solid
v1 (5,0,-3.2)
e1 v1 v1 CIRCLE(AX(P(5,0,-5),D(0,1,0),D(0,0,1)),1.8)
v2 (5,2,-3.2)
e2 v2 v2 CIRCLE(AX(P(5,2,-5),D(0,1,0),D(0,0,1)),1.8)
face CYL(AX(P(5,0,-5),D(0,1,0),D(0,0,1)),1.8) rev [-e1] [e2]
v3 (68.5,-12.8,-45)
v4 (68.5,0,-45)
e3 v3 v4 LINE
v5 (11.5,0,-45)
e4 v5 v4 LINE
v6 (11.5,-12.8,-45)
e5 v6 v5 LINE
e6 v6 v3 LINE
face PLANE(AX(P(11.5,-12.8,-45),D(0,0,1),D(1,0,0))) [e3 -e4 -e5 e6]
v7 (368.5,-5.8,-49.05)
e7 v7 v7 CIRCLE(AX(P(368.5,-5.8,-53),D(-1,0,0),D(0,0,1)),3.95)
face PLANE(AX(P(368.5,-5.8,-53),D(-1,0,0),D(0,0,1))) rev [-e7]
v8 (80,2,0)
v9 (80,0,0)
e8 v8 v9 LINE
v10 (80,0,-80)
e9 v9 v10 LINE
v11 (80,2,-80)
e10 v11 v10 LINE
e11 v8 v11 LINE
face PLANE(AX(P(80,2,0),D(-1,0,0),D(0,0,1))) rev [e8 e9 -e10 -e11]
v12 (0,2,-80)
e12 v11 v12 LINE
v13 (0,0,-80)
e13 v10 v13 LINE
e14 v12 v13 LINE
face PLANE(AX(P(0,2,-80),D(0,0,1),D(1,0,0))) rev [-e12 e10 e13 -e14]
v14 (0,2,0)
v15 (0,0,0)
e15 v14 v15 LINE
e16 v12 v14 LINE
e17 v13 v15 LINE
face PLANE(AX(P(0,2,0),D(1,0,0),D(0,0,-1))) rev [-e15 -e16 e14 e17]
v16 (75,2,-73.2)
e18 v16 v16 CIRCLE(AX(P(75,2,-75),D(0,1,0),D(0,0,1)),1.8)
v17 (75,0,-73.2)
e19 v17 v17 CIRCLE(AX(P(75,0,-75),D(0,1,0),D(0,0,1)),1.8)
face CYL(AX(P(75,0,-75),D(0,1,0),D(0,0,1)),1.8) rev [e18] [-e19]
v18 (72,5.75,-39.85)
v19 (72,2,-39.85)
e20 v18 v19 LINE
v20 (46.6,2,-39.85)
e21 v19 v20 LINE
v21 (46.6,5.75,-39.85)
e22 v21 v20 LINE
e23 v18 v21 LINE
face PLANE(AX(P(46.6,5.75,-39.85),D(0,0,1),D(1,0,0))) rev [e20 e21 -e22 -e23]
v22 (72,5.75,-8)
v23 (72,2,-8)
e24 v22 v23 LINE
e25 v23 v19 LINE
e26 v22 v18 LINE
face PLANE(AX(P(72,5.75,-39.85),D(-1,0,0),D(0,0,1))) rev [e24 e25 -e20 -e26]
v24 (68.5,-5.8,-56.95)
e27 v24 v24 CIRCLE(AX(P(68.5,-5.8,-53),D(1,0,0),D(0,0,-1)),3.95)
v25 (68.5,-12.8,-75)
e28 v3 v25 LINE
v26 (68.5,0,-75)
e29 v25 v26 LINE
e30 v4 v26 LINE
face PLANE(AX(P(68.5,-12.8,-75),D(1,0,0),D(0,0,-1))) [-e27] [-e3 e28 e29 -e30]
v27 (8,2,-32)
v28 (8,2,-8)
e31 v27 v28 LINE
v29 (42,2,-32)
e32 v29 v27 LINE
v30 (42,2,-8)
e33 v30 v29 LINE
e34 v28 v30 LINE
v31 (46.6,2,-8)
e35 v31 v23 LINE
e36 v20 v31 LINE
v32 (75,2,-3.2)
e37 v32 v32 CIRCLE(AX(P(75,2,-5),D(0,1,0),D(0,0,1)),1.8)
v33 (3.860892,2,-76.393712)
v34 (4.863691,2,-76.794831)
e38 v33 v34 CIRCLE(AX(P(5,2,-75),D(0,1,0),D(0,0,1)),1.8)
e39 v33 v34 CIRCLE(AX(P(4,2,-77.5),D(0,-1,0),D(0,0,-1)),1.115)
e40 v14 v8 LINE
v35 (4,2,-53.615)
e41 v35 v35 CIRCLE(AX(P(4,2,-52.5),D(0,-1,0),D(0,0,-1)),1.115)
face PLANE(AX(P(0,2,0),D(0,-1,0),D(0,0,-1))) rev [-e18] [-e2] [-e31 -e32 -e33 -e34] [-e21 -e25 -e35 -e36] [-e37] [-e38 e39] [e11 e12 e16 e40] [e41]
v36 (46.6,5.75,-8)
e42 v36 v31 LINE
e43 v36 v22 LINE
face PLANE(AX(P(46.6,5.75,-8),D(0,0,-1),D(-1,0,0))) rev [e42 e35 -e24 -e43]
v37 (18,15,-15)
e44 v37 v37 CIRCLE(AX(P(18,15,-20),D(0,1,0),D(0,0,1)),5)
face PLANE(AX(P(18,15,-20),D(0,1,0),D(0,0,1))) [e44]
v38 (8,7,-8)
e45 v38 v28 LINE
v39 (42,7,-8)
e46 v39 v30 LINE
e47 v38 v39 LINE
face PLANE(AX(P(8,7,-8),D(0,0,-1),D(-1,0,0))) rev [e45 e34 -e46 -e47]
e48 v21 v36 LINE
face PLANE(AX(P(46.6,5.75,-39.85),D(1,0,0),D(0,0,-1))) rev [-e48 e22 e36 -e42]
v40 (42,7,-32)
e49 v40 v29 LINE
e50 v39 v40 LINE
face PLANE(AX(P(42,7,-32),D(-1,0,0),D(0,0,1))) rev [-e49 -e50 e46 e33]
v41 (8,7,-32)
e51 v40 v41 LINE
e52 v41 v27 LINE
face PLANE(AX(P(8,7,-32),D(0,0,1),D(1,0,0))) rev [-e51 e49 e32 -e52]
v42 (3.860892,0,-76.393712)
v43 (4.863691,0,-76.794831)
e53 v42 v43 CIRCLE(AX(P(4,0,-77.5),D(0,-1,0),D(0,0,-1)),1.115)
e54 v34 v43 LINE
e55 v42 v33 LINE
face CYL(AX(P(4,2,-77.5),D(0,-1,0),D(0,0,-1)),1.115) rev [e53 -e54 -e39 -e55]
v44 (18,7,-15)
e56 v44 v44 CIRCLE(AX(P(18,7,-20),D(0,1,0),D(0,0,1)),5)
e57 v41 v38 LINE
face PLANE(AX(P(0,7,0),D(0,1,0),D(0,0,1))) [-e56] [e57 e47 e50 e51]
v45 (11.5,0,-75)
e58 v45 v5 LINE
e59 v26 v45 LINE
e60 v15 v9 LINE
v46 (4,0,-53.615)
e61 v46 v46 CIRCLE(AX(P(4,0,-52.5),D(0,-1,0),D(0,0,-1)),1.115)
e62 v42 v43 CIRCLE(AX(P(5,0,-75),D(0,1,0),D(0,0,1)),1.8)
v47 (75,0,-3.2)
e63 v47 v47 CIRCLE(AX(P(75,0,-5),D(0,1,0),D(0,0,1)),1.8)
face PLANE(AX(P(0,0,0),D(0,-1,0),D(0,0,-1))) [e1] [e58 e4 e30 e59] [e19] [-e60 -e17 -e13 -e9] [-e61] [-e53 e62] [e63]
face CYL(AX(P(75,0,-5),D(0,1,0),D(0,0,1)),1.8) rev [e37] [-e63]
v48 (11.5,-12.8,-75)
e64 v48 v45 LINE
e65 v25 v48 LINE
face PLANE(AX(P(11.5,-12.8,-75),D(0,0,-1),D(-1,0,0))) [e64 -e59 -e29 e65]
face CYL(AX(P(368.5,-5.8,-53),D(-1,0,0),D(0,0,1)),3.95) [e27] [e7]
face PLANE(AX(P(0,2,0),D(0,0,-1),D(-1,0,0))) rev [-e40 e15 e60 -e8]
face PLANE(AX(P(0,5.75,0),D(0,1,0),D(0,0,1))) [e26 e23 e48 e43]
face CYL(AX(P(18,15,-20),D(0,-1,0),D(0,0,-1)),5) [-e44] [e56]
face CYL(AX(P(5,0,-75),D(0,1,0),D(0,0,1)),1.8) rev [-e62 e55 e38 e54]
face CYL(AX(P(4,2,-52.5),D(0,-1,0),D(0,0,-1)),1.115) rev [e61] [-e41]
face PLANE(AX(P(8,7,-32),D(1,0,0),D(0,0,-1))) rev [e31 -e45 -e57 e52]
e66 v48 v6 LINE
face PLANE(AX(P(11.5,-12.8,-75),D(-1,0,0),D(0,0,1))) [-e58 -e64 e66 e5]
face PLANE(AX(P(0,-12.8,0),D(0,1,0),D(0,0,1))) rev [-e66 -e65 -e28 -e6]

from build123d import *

# Parameters (mm, degrees)
SKETCH1_W                  = 80
SKETCH1_H                  = 80
PCB_DEPTH                  = 2
SKETCH2_R                  = 1.8
ATTACHMENT_HOLES_DEPTH     = 3
LPATTERN1_COUNT            = 2
LPATTERN1_PITCH            = 70
LPATTERN1_COUNT_DIR2       = 2
LPATTERN1_PITCH_DIR2       = 70
SKETCH3_W                  = 57
SKETCH3_H                  = 30
COMMS_CHIP_DEPTH           = 12.8
SKETCH4_R                  = 1.115
COMM_CHIP_ATTACHMENT_DEPTH = 15.8
LPATTERN2_COUNT            = 2
LPATTERN2_PITCH            = 25
SKETCH5_W                  = 34
SKETCH5_H                  = 24
ARDUCAMMINI_DEPTH          = 5
SKETCH8_R                  = 5
LENS_APPROXIMATE_DEPTH     = 8
SKETCH6_W                  = 25.4
SKETCH6_H                  = 31.85
SD_CARD_DEPTH              = 3.75
SKETCH7_R                  = 3.95
ANTENNA_DEPTH              = 300


with BuildPart() as part:
    # Sketch1 → PCB (new body)
    with BuildSketch(Plane(origin=(0, 0, 0), x_dir=(1, 0, 0), z_dir=(0, 1, 0))):
        with Locations((40, 40)):
            Rectangle(SKETCH1_W, SKETCH1_H)
    extrude(amount=PCB_DEPTH)

    # Sketch2 → Attachment Holes (cut, through all)
    with BuildSketch(Plane(origin=(0, 2, 0), x_dir=(1, 0, 0), z_dir=(0, 1, 0))):
        with Locations((5, 75)):
            Circle(SKETCH2_R)
    attachment_holes = extrude(amount=-ATTACHMENT_HOLES_DEPTH, mode=Mode.SUBTRACT)

    # LPattern1: Attachment Holes 2 × 2
    with Locations(*[(i * LPATTERN1_PITCH, 0, j * LPATTERN1_PITCH_DIR2) for i in range(LPATTERN1_COUNT) for j in range(LPATTERN1_COUNT_DIR2) if (i, j) != (0, 0)]):
        add(attachment_holes, mode=Mode.SUBTRACT)

    # Sketch3 → Comms Chip (add)
    with BuildSketch(Plane(origin=(0, 0, 0), x_dir=(1, 0, 0), z_dir=(0, 1, 0))):
        with Locations((40, 60)):
            Rectangle(SKETCH3_W, SKETCH3_H)
    extrude(amount=-COMMS_CHIP_DEPTH)

    # Sketch4 → Comm chip attachment (cut, through all)
    with BuildSketch(Plane(origin=(0, -12.8, 0), x_dir=(-1, 0, 0), z_dir=(0, -1, 0))):
        with Locations((-4, 77.5)):
            Circle(SKETCH4_R)
    comm_chip_attachment = extrude(amount=-COMM_CHIP_ATTACHMENT_DEPTH, mode=Mode.SUBTRACT)

    # LPattern2: Comm chip attachment ×2
    with Locations(*[(0, 0, i * LPATTERN2_PITCH) for i in range(1, LPATTERN2_COUNT)]):
        add(comm_chip_attachment, mode=Mode.SUBTRACT)

    # Sketch5 → ArducamMini (add)
    with BuildSketch(Plane(origin=(0, 2, 0), x_dir=(1, 0, 0), z_dir=(0, 1, 0))):
        with Locations((25, 20)):
            Rectangle(SKETCH5_W, SKETCH5_H)
    extrude(amount=ARDUCAMMINI_DEPTH)

    # Sketch8 → Lens, approximate (add)
    with BuildSketch(Plane(origin=(0, 7, 0), x_dir=(1, 0, 0), z_dir=(0, 1, 0))):
        with Locations((18, 20)):
            Circle(SKETCH8_R)
    extrude(amount=LENS_APPROXIMATE_DEPTH)

    # Sketch6 → SD Card (add)
    with BuildSketch(Plane(origin=(0, 2, 0), x_dir=(1, 0, 0), z_dir=(0, 1, 0))):
        with Locations((59.3, 23.925)):
            Rectangle(SKETCH6_W, SKETCH6_H)
    extrude(amount=SD_CARD_DEPTH)

    # Sketch7 → Antenna (add)
    with BuildSketch(Plane(origin=(68.5, -53.7, 0), x_dir=(0, 1, 0), z_dir=(-1, 0, 0))):
        with Locations((47.9, 53)):
            Circle(SKETCH7_R)
    extrude(amount=-ANTENNA_DEPTH)


solid = part.part
